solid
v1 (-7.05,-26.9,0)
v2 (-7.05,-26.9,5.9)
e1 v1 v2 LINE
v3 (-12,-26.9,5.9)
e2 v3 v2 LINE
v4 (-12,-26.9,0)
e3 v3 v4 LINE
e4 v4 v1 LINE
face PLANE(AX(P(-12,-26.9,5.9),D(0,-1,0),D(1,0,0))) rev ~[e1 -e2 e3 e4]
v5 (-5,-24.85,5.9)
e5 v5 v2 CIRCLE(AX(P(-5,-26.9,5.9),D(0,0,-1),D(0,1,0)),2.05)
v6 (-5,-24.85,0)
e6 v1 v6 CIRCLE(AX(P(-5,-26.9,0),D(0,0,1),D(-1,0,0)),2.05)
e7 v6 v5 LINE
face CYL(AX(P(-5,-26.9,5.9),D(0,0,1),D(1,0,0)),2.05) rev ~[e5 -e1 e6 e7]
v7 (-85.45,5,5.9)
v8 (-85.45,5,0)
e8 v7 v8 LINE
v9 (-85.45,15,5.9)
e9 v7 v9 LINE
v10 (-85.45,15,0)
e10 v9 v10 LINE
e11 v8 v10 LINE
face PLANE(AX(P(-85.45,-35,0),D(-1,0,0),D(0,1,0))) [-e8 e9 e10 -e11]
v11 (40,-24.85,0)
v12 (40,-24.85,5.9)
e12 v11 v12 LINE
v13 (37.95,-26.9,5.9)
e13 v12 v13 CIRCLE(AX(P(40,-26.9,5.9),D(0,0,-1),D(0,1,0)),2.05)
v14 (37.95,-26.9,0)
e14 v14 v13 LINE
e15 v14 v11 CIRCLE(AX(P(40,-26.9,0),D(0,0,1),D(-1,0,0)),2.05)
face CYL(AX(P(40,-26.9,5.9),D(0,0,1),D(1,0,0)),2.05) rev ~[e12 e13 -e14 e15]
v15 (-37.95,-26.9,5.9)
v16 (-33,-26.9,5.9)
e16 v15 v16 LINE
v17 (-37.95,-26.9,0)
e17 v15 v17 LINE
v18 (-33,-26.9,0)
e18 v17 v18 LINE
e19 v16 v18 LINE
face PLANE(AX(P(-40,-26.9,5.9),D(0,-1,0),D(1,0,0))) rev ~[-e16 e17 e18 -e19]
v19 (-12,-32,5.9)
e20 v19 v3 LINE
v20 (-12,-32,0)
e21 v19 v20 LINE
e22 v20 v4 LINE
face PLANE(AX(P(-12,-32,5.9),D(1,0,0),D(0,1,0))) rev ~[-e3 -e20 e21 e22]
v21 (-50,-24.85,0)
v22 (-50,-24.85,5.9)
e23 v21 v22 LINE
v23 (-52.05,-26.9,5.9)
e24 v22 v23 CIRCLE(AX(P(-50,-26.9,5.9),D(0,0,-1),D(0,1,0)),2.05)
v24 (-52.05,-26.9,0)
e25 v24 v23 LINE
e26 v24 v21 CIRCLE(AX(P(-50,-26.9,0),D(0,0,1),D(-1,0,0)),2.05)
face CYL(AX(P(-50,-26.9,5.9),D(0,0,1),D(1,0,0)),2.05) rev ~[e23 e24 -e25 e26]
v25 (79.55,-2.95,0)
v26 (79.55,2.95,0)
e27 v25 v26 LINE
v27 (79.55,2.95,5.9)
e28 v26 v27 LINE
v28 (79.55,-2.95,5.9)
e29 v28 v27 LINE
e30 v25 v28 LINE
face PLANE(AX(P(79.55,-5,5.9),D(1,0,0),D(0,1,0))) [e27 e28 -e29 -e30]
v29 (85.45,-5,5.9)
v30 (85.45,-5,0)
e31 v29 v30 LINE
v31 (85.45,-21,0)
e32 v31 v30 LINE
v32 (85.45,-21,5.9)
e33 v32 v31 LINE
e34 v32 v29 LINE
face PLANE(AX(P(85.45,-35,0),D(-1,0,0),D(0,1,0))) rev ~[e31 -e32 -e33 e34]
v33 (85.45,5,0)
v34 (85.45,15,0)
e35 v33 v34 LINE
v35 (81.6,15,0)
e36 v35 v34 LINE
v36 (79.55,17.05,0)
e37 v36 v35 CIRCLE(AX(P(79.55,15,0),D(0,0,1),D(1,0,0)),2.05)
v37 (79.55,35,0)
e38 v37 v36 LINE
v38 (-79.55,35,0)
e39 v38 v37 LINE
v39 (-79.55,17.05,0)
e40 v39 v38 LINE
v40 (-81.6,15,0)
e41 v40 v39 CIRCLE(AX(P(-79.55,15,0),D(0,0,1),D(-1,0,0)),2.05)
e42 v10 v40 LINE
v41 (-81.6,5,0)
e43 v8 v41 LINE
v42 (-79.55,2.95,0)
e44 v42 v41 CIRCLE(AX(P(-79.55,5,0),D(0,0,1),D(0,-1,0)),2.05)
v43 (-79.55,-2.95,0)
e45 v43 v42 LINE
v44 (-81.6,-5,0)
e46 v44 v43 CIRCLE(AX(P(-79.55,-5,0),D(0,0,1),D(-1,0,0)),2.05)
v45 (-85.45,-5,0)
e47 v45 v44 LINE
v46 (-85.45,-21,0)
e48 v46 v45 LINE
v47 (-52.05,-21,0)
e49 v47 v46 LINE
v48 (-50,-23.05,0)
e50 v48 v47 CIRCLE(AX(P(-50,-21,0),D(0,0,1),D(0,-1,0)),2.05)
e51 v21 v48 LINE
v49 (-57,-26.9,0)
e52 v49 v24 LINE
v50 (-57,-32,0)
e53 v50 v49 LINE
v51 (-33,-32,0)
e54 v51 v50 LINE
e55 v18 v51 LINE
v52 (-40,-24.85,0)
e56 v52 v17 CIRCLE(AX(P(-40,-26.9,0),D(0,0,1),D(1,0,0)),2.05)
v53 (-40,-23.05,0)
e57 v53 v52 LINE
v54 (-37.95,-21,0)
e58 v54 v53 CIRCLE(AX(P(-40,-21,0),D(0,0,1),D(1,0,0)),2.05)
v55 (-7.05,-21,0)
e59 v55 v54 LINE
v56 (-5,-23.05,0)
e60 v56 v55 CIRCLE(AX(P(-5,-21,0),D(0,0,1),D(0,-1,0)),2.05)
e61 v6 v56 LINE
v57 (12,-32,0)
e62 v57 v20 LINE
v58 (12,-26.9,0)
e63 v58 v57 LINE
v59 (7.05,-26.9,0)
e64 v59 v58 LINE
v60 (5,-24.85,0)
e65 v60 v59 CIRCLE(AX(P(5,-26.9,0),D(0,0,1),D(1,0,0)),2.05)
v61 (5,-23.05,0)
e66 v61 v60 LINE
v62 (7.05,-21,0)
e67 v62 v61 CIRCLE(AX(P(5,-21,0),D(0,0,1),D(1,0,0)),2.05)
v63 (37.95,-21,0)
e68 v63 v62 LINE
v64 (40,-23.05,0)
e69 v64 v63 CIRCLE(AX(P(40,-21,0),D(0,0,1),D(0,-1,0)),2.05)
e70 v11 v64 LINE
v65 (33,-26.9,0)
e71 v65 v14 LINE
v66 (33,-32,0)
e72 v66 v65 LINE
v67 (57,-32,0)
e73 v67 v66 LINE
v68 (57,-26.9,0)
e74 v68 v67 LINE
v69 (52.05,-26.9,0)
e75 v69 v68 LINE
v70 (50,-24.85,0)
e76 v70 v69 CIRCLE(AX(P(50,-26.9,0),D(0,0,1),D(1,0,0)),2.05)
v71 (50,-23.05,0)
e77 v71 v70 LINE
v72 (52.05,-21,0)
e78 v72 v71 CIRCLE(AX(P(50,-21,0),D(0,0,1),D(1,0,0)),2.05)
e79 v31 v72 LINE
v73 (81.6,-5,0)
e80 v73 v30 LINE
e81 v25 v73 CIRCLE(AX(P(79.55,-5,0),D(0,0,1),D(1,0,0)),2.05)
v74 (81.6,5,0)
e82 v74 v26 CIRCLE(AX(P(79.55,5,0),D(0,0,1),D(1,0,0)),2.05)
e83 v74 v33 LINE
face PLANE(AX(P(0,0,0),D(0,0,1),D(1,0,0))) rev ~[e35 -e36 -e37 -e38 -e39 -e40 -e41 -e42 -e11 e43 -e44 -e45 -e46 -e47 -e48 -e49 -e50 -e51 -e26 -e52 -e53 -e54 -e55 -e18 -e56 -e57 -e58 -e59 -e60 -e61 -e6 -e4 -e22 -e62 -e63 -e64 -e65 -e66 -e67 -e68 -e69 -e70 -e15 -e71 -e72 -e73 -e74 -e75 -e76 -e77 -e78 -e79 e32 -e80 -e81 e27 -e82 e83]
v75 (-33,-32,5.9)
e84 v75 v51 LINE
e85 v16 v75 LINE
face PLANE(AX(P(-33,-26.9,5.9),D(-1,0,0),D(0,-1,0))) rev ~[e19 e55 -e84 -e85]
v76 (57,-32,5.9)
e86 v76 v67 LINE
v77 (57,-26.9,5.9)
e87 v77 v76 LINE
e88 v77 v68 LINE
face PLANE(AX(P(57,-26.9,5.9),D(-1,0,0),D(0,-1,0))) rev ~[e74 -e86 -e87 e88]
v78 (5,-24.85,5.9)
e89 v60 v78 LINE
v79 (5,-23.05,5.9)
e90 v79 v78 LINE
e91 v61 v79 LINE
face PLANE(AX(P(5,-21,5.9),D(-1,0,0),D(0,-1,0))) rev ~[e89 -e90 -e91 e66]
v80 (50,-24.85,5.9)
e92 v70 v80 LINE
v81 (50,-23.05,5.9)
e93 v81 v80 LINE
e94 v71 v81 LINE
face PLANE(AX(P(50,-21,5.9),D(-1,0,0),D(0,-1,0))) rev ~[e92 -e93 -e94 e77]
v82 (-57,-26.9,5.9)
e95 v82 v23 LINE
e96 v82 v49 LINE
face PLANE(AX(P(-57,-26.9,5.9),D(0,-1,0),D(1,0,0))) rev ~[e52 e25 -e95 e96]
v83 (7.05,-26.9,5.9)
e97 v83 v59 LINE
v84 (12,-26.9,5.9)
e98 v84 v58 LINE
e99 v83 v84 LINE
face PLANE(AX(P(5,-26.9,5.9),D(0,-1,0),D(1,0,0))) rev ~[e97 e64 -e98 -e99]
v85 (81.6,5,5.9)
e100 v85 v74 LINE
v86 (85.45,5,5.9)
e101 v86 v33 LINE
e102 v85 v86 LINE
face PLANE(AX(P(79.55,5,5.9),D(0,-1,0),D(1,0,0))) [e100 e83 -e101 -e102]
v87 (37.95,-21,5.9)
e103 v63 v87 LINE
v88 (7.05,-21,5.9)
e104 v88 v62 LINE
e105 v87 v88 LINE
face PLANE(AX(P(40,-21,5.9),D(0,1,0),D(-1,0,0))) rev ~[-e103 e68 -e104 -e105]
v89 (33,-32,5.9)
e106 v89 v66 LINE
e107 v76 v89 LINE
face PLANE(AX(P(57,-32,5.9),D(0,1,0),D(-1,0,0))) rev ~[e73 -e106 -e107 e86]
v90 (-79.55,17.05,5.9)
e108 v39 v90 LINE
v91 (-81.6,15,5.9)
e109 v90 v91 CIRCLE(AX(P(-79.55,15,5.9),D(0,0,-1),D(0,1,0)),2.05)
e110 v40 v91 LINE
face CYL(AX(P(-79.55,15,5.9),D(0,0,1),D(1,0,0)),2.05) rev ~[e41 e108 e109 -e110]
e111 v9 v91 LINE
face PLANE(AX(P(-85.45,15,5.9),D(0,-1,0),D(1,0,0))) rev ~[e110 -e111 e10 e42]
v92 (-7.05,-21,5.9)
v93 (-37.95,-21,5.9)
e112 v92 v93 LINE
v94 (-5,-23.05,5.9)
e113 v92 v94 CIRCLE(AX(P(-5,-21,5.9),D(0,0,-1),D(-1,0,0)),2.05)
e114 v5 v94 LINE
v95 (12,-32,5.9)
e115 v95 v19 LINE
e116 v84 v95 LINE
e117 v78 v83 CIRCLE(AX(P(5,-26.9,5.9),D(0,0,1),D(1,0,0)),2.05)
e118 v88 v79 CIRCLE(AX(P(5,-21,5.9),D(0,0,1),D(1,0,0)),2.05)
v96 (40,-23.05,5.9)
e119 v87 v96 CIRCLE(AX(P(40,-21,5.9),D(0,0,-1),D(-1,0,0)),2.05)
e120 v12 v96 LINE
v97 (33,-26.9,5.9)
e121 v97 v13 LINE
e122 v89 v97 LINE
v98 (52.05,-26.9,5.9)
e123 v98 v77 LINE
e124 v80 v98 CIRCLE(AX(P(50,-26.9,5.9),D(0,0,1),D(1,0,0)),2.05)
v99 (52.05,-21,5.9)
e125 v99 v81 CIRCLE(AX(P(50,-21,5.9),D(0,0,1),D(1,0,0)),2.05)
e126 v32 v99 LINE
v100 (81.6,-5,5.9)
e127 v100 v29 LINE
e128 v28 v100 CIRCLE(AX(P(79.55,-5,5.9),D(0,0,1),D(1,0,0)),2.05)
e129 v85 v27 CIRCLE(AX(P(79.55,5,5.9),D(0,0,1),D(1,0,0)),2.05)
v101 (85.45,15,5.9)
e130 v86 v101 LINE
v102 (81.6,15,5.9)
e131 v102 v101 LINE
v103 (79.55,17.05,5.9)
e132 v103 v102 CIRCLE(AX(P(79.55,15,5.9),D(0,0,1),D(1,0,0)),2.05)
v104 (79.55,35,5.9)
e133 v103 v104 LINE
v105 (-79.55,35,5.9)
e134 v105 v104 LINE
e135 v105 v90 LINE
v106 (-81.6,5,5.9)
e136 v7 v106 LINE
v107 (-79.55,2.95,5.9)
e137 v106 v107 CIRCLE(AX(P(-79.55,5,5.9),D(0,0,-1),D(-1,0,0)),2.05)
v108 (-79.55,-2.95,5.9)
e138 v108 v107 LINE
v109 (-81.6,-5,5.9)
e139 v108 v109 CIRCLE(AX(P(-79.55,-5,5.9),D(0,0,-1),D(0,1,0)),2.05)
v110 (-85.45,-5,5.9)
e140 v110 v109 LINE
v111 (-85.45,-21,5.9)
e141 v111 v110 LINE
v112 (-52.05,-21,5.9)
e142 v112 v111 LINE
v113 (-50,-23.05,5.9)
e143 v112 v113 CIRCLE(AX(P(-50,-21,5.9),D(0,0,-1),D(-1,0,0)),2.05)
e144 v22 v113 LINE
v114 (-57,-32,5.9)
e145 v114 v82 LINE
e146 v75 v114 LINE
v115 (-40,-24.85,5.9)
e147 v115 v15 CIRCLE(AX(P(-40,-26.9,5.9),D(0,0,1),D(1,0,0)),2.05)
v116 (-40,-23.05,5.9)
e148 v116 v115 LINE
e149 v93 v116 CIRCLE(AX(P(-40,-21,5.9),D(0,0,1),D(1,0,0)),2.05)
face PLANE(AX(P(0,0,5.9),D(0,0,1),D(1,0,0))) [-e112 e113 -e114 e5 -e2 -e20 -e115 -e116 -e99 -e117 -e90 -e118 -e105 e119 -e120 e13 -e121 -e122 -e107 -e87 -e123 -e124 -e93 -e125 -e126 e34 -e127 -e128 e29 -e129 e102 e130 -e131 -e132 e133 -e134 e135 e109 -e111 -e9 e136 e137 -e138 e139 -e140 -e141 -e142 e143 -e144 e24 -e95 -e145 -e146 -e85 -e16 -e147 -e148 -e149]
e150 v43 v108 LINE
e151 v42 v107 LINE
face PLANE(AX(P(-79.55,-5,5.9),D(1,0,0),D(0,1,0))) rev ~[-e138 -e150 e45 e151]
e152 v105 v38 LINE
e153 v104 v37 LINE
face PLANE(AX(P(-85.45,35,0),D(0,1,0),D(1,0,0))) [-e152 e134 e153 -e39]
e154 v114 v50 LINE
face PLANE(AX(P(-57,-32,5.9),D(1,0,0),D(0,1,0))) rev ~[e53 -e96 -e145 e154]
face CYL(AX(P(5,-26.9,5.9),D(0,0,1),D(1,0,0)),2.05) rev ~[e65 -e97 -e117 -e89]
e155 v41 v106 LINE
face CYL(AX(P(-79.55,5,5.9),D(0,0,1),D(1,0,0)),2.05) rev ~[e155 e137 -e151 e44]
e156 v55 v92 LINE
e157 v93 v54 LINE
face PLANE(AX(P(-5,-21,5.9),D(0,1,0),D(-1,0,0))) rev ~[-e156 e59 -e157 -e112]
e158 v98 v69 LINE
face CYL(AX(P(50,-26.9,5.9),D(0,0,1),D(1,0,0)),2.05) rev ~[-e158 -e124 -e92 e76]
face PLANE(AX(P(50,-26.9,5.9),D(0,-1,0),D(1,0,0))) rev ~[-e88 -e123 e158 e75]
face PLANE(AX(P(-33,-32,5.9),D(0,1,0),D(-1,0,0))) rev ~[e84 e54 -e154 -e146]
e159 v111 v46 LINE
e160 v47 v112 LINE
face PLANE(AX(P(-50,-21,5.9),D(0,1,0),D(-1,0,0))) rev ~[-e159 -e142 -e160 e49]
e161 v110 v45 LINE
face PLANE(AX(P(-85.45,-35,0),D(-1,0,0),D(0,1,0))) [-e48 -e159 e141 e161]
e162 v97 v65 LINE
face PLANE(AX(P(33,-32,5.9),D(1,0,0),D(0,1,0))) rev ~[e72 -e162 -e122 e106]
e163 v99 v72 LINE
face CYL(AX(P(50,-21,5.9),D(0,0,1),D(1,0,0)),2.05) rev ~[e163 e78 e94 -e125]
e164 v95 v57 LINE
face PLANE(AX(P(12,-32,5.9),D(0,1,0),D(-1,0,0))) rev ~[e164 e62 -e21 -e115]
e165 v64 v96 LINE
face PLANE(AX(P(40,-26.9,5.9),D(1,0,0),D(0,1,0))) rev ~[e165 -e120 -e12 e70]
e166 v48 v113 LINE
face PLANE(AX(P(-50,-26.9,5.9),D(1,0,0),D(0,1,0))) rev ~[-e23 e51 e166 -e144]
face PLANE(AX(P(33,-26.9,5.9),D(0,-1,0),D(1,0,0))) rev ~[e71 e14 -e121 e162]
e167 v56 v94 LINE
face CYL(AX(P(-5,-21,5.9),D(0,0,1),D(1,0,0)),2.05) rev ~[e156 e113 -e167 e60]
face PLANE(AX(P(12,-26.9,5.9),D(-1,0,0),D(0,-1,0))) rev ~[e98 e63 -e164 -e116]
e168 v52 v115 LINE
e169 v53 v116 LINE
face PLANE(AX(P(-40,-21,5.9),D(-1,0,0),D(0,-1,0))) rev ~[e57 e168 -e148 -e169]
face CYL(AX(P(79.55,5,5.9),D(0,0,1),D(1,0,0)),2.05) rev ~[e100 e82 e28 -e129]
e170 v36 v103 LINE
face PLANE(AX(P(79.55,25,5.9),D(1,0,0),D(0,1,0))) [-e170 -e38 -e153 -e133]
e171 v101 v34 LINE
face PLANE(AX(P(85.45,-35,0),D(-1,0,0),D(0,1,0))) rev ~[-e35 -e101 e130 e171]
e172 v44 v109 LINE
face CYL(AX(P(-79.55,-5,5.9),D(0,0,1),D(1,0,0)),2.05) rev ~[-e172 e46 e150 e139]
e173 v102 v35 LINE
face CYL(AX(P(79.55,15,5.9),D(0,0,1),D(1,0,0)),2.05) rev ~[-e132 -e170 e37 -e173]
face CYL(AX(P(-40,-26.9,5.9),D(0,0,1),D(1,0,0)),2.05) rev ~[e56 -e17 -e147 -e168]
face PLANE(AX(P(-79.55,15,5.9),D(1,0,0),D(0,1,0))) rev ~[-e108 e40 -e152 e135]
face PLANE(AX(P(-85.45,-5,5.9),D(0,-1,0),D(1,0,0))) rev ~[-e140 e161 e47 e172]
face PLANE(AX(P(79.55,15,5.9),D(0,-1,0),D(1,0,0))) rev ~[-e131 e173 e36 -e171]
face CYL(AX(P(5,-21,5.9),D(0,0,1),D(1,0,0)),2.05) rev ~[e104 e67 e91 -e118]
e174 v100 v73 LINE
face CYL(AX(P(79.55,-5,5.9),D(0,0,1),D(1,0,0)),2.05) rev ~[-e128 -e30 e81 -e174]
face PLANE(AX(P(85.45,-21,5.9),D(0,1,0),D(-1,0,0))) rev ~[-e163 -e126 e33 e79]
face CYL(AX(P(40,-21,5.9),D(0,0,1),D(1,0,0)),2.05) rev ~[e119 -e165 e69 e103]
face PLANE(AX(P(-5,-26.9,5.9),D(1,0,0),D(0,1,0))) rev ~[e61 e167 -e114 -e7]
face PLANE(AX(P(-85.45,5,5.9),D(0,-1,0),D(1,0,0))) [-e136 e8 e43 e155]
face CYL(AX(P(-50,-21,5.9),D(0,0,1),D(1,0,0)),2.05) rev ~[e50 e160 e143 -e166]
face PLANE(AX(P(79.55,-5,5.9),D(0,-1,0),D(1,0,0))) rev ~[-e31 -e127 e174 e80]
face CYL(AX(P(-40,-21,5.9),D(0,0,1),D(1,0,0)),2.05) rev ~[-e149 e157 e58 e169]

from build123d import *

# Parameters (mm, degrees)
SKETCH1_W           = 170.9
SKETCH1_H           = 70
BOSS_EXTRUDE1_DEPTH = 5.9
CUT_EXTRUDE1_DEPTH  = 6.9
SKETCH3_W           = 5.9
SKETCH3_H           = 10
CUT_EXTRUDE2_DEPTH  = 6.9
SKETCH4_W           = 5.9
SKETCH4_H           = 10
CUT_EXTRUDE3_DEPTH  = 6.9
CUT_EXTRUDE4_REACH  = 7.9
SKETCH5_R           = 2.05


with BuildPart() as part:
    # Sketch1 → Boss-Extrude1 (new body)
    with BuildSketch(Plane.XY):
        Rectangle(SKETCH1_W, SKETCH1_H)
    extrude(amount=BOSS_EXTRUDE1_DEPTH)

    # Sketch2 → Cut-Extrude1 (cut, through all)
    with BuildSketch(Plane.XY.offset(5.9)):
        Polygon((-50, -21), (-85.45, -21), (-85.45, -35), (85.45, -35), (85.45, -21), (50, -21), (50, -26.9), (57, -26.9), (57, -32), (33, -32), (33, -26.9), (40, -26.9), (40, -21), (5, -21), (5, -26.9), (12, -26.9), (12, -32), (-12, -32), (-12, -26.9), (-5, -26.9), (-5, -21), (-40, -21), (-40, -26.9), (-33, -26.9), (-33, -32), (-57, -32), (-57, -26.9), (-50, -26.9), align=None)
    extrude(amount=-CUT_EXTRUDE1_DEPTH, mode=Mode.SUBTRACT)

    # Sketch3 → Cut-Extrude2 (cut, through all)
    with BuildSketch(Plane.XY.offset(5.9)):
        with Locations((82.5, 20)):
            Rectangle(SKETCH3_W, SKETCH3_H)
        with Locations((82.5, 0)):
            Rectangle(SKETCH3_W, SKETCH3_H)
        with Locations((-82.5, 0)):
            Rectangle(SKETCH3_W, SKETCH3_H)
        with Locations((-82.5, 20)):
            Rectangle(SKETCH3_W, SKETCH3_H)
    extrude(amount=-CUT_EXTRUDE2_DEPTH, mode=Mode.SUBTRACT)

    # Sketch4 → Cut-Extrude3 (cut, through all)
    with BuildSketch(Plane.XY.offset(5.9)):
        with Locations((82.5, 30)):
            Rectangle(SKETCH4_W, SKETCH4_H)
        with Locations((-82.5, 30)):
            Rectangle(SKETCH4_W, SKETCH4_H)
    extrude(amount=-CUT_EXTRUDE3_DEPTH, mode=Mode.SUBTRACT)

    # Sketch5 → Cut-Extrude4 (cut, up to next)
    with BuildSketch(Plane.XY.offset(5.9), mode=Mode.PRIVATE) as cut_extrude4_sk1:
        with Locations((-50, -26.9)):
            Circle(SKETCH5_R)
    cut_extrude4_tool1 = extrude(cut_extrude4_sk1.sketch, amount=-CUT_EXTRUDE4_REACH, mode=Mode.PRIVATE) & part.part
    add(cut_extrude4_tool1.solids().sort_by_distance((-50, -26.9, 5.9))[0], mode=Mode.SUBTRACT)
    # Sketch5 → Cut-Extrude4 (cut, up to next)
    with BuildSketch(Plane.XY.offset(5.9), mode=Mode.PRIVATE) as cut_extrude4_sk2:
        with Locations((-40, -26.9)):
            Circle(SKETCH5_R)
    cut_extrude4_tool2 = extrude(cut_extrude4_sk2.sketch, amount=-CUT_EXTRUDE4_REACH, mode=Mode.PRIVATE) & part.part
    add(cut_extrude4_tool2.solids().sort_by_distance((-40, -26.9, 5.9))[0], mode=Mode.SUBTRACT)
    # Sketch5 → Cut-Extrude4 (cut, up to next)
    with BuildSketch(Plane.XY.offset(5.9), mode=Mode.PRIVATE) as cut_extrude4_sk3:
        with Locations((-50, -21)):
            Circle(SKETCH5_R)
    cut_extrude4_tool3 = extrude(cut_extrude4_sk3.sketch, amount=-CUT_EXTRUDE4_REACH, mode=Mode.PRIVATE) & part.part
    add(cut_extrude4_tool3.solids().sort_by_distance((-50, -21, 5.9))[0], mode=Mode.SUBTRACT)
    # Sketch5 → Cut-Extrude4 (cut, up to next)
    with BuildSketch(Plane.XY.offset(5.9), mode=Mode.PRIVATE) as cut_extrude4_sk4:
        with Locations((-40, -21)):
            Circle(SKETCH5_R)
    cut_extrude4_tool4 = extrude(cut_extrude4_sk4.sketch, amount=-CUT_EXTRUDE4_REACH, mode=Mode.PRIVATE) & part.part
    add(cut_extrude4_tool4.solids().sort_by_distance((-40, -21, 5.9))[0], mode=Mode.SUBTRACT)
    # Sketch5 → Cut-Extrude4 (cut, up to next)
    with BuildSketch(Plane.XY.offset(5.9), mode=Mode.PRIVATE) as cut_extrude4_sk5:
        with Locations((-5, -21)):
            Circle(SKETCH5_R)
    cut_extrude4_tool5 = extrude(cut_extrude4_sk5.sketch, amount=-CUT_EXTRUDE4_REACH, mode=Mode.PRIVATE) & part.part
    add(cut_extrude4_tool5.solids().sort_by_distance((-5, -21, 5.9))[0], mode=Mode.SUBTRACT)
    # Sketch5 → Cut-Extrude4 (cut, up to next)
    with BuildSketch(Plane.XY.offset(5.9), mode=Mode.PRIVATE) as cut_extrude4_sk6:
        with Locations((5, -21)):
            Circle(SKETCH5_R)
    cut_extrude4_tool6 = extrude(cut_extrude4_sk6.sketch, amount=-CUT_EXTRUDE4_REACH, mode=Mode.PRIVATE) & part.part
    add(cut_extrude4_tool6.solids().sort_by_distance((5, -21, 5.9))[0], mode=Mode.SUBTRACT)
    # Sketch5 → Cut-Extrude4 (cut, up to next)
    with BuildSketch(Plane.XY.offset(5.9), mode=Mode.PRIVATE) as cut_extrude4_sk7:
        with Locations((-5, -26.9)):
            Circle(SKETCH5_R)
    cut_extrude4_tool7 = extrude(cut_extrude4_sk7.sketch, amount=-CUT_EXTRUDE4_REACH, mode=Mode.PRIVATE) & part.part
    add(cut_extrude4_tool7.solids().sort_by_distance((-5, -26.9, 5.9))[0], mode=Mode.SUBTRACT)
    # Sketch5 → Cut-Extrude4 (cut, up to next)
    with BuildSketch(Plane.XY.offset(5.9), mode=Mode.PRIVATE) as cut_extrude4_sk8:
        with Locations((5, -26.9)):
            Circle(SKETCH5_R)
    cut_extrude4_tool8 = extrude(cut_extrude4_sk8.sketch, amount=-CUT_EXTRUDE4_REACH, mode=Mode.PRIVATE) & part.part
    add(cut_extrude4_tool8.solids().sort_by_distance((5, -26.9, 5.9))[0], mode=Mode.SUBTRACT)
    # Sketch5 → Cut-Extrude4 (cut, up to next)
    with BuildSketch(Plane.XY.offset(5.9), mode=Mode.PRIVATE) as cut_extrude4_sk9:
        with Locations((40, -26.9)):
            Circle(SKETCH5_R)
    cut_extrude4_tool9 = extrude(cut_extrude4_sk9.sketch, amount=-CUT_EXTRUDE4_REACH, mode=Mode.PRIVATE) & part.part
    add(cut_extrude4_tool9.solids().sort_by_distance((40, -26.9, 5.9))[0], mode=Mode.SUBTRACT)
    # Sketch5 → Cut-Extrude4 (cut, up to next)
    with BuildSketch(Plane.XY.offset(5.9), mode=Mode.PRIVATE) as cut_extrude4_sk10:
        with Locations((50, -26.9)):
            Circle(SKETCH5_R)
    cut_extrude4_tool10 = extrude(cut_extrude4_sk10.sketch, amount=-CUT_EXTRUDE4_REACH, mode=Mode.PRIVATE) & part.part
    add(cut_extrude4_tool10.solids().sort_by_distance((50, -26.9, 5.9))[0], mode=Mode.SUBTRACT)
    # Sketch5 → Cut-Extrude4 (cut, up to next)
    with BuildSketch(Plane.XY.offset(5.9), mode=Mode.PRIVATE) as cut_extrude4_sk11:
        with Locations((50, -21)):
            Circle(SKETCH5_R)
    cut_extrude4_tool11 = extrude(cut_extrude4_sk11.sketch, amount=-CUT_EXTRUDE4_REACH, mode=Mode.PRIVATE) & part.part
    add(cut_extrude4_tool11.solids().sort_by_distance((50, -21, 5.9))[0], mode=Mode.SUBTRACT)
    # Sketch5 → Cut-Extrude4 (cut, up to next)
    with BuildSketch(Plane.XY.offset(5.9), mode=Mode.PRIVATE) as cut_extrude4_sk12:
        with Locations((40, -21)):
            Circle(SKETCH5_R)
    cut_extrude4_tool12 = extrude(cut_extrude4_sk12.sketch, amount=-CUT_EXTRUDE4_REACH, mode=Mode.PRIVATE) & part.part
    add(cut_extrude4_tool12.solids().sort_by_distance((40, -21, 5.9))[0], mode=Mode.SUBTRACT)
    # Sketch5 → Cut-Extrude4 (cut, up to next)
    with BuildSketch(Plane.XY.offset(5.9), mode=Mode.PRIVATE) as cut_extrude4_sk13:
        with Locations((79.55, -5)):
            Circle(SKETCH5_R)
    cut_extrude4_tool13 = extrude(cut_extrude4_sk13.sketch, amount=-CUT_EXTRUDE4_REACH, mode=Mode.PRIVATE) & part.part
    add(cut_extrude4_tool13.solids().sort_by_distance((79.55, -5, 5.9))[0], mode=Mode.SUBTRACT)
    # Sketch5 → Cut-Extrude4 (cut, up to next)
    with BuildSketch(Plane.XY.offset(5.9), mode=Mode.PRIVATE) as cut_extrude4_sk14:
        with Locations((79.55, 5)):
            Circle(SKETCH5_R)
    cut_extrude4_tool14 = extrude(cut_extrude4_sk14.sketch, amount=-CUT_EXTRUDE4_REACH, mode=Mode.PRIVATE) & part.part
    add(cut_extrude4_tool14.solids().sort_by_distance((79.55, 5, 5.9))[0], mode=Mode.SUBTRACT)
    # Sketch5 → Cut-Extrude4 (cut, up to next)
    with BuildSketch(Plane.XY.offset(5.9), mode=Mode.PRIVATE) as cut_extrude4_sk15:
        with Locations((79.55, 15)):
            Circle(SKETCH5_R)
    cut_extrude4_tool15 = extrude(cut_extrude4_sk15.sketch, amount=-CUT_EXTRUDE4_REACH, mode=Mode.PRIVATE) & part.part
    add(cut_extrude4_tool15.solids().sort_by_distance((79.55, 15, 5.9))[0], mode=Mode.SUBTRACT)
    # Sketch5 → Cut-Extrude4 (cut, up to next)
    with BuildSketch(Plane.XY.offset(5.9), mode=Mode.PRIVATE) as cut_extrude4_sk16:
        with Locations((-79.55, 15)):
            Circle(SKETCH5_R)
    cut_extrude4_tool16 = extrude(cut_extrude4_sk16.sketch, amount=-CUT_EXTRUDE4_REACH, mode=Mode.PRIVATE) & part.part
    add(cut_extrude4_tool16.solids().sort_by_distance((-79.55, 15, 5.9))[0], mode=Mode.SUBTRACT)
    # Sketch5 → Cut-Extrude4 (cut, up to next)
    with BuildSketch(Plane.XY.offset(5.9), mode=Mode.PRIVATE) as cut_extrude4_sk17:
        with Locations((-79.55, 5)):
            Circle(SKETCH5_R)
    cut_extrude4_tool17 = extrude(cut_extrude4_sk17.sketch, amount=-CUT_EXTRUDE4_REACH, mode=Mode.PRIVATE) & part.part
    add(cut_extrude4_tool17.solids().sort_by_distance((-79.55, 5, 5.9))[0], mode=Mode.SUBTRACT)
    # Sketch5 → Cut-Extrude4 (cut, up to next)
    with BuildSketch(Plane.XY.offset(5.9), mode=Mode.PRIVATE) as cut_extrude4_sk18:
        with Locations((-79.55, -5)):
            Circle(SKETCH5_R)
    cut_extrude4_tool18 = extrude(cut_extrude4_sk18.sketch, amount=-CUT_EXTRUDE4_REACH, mode=Mode.PRIVATE) & part.part
    add(cut_extrude4_tool18.solids().sort_by_distance((-79.55, -5, 5.9))[0], mode=Mode.SUBTRACT)


solid = part.part
